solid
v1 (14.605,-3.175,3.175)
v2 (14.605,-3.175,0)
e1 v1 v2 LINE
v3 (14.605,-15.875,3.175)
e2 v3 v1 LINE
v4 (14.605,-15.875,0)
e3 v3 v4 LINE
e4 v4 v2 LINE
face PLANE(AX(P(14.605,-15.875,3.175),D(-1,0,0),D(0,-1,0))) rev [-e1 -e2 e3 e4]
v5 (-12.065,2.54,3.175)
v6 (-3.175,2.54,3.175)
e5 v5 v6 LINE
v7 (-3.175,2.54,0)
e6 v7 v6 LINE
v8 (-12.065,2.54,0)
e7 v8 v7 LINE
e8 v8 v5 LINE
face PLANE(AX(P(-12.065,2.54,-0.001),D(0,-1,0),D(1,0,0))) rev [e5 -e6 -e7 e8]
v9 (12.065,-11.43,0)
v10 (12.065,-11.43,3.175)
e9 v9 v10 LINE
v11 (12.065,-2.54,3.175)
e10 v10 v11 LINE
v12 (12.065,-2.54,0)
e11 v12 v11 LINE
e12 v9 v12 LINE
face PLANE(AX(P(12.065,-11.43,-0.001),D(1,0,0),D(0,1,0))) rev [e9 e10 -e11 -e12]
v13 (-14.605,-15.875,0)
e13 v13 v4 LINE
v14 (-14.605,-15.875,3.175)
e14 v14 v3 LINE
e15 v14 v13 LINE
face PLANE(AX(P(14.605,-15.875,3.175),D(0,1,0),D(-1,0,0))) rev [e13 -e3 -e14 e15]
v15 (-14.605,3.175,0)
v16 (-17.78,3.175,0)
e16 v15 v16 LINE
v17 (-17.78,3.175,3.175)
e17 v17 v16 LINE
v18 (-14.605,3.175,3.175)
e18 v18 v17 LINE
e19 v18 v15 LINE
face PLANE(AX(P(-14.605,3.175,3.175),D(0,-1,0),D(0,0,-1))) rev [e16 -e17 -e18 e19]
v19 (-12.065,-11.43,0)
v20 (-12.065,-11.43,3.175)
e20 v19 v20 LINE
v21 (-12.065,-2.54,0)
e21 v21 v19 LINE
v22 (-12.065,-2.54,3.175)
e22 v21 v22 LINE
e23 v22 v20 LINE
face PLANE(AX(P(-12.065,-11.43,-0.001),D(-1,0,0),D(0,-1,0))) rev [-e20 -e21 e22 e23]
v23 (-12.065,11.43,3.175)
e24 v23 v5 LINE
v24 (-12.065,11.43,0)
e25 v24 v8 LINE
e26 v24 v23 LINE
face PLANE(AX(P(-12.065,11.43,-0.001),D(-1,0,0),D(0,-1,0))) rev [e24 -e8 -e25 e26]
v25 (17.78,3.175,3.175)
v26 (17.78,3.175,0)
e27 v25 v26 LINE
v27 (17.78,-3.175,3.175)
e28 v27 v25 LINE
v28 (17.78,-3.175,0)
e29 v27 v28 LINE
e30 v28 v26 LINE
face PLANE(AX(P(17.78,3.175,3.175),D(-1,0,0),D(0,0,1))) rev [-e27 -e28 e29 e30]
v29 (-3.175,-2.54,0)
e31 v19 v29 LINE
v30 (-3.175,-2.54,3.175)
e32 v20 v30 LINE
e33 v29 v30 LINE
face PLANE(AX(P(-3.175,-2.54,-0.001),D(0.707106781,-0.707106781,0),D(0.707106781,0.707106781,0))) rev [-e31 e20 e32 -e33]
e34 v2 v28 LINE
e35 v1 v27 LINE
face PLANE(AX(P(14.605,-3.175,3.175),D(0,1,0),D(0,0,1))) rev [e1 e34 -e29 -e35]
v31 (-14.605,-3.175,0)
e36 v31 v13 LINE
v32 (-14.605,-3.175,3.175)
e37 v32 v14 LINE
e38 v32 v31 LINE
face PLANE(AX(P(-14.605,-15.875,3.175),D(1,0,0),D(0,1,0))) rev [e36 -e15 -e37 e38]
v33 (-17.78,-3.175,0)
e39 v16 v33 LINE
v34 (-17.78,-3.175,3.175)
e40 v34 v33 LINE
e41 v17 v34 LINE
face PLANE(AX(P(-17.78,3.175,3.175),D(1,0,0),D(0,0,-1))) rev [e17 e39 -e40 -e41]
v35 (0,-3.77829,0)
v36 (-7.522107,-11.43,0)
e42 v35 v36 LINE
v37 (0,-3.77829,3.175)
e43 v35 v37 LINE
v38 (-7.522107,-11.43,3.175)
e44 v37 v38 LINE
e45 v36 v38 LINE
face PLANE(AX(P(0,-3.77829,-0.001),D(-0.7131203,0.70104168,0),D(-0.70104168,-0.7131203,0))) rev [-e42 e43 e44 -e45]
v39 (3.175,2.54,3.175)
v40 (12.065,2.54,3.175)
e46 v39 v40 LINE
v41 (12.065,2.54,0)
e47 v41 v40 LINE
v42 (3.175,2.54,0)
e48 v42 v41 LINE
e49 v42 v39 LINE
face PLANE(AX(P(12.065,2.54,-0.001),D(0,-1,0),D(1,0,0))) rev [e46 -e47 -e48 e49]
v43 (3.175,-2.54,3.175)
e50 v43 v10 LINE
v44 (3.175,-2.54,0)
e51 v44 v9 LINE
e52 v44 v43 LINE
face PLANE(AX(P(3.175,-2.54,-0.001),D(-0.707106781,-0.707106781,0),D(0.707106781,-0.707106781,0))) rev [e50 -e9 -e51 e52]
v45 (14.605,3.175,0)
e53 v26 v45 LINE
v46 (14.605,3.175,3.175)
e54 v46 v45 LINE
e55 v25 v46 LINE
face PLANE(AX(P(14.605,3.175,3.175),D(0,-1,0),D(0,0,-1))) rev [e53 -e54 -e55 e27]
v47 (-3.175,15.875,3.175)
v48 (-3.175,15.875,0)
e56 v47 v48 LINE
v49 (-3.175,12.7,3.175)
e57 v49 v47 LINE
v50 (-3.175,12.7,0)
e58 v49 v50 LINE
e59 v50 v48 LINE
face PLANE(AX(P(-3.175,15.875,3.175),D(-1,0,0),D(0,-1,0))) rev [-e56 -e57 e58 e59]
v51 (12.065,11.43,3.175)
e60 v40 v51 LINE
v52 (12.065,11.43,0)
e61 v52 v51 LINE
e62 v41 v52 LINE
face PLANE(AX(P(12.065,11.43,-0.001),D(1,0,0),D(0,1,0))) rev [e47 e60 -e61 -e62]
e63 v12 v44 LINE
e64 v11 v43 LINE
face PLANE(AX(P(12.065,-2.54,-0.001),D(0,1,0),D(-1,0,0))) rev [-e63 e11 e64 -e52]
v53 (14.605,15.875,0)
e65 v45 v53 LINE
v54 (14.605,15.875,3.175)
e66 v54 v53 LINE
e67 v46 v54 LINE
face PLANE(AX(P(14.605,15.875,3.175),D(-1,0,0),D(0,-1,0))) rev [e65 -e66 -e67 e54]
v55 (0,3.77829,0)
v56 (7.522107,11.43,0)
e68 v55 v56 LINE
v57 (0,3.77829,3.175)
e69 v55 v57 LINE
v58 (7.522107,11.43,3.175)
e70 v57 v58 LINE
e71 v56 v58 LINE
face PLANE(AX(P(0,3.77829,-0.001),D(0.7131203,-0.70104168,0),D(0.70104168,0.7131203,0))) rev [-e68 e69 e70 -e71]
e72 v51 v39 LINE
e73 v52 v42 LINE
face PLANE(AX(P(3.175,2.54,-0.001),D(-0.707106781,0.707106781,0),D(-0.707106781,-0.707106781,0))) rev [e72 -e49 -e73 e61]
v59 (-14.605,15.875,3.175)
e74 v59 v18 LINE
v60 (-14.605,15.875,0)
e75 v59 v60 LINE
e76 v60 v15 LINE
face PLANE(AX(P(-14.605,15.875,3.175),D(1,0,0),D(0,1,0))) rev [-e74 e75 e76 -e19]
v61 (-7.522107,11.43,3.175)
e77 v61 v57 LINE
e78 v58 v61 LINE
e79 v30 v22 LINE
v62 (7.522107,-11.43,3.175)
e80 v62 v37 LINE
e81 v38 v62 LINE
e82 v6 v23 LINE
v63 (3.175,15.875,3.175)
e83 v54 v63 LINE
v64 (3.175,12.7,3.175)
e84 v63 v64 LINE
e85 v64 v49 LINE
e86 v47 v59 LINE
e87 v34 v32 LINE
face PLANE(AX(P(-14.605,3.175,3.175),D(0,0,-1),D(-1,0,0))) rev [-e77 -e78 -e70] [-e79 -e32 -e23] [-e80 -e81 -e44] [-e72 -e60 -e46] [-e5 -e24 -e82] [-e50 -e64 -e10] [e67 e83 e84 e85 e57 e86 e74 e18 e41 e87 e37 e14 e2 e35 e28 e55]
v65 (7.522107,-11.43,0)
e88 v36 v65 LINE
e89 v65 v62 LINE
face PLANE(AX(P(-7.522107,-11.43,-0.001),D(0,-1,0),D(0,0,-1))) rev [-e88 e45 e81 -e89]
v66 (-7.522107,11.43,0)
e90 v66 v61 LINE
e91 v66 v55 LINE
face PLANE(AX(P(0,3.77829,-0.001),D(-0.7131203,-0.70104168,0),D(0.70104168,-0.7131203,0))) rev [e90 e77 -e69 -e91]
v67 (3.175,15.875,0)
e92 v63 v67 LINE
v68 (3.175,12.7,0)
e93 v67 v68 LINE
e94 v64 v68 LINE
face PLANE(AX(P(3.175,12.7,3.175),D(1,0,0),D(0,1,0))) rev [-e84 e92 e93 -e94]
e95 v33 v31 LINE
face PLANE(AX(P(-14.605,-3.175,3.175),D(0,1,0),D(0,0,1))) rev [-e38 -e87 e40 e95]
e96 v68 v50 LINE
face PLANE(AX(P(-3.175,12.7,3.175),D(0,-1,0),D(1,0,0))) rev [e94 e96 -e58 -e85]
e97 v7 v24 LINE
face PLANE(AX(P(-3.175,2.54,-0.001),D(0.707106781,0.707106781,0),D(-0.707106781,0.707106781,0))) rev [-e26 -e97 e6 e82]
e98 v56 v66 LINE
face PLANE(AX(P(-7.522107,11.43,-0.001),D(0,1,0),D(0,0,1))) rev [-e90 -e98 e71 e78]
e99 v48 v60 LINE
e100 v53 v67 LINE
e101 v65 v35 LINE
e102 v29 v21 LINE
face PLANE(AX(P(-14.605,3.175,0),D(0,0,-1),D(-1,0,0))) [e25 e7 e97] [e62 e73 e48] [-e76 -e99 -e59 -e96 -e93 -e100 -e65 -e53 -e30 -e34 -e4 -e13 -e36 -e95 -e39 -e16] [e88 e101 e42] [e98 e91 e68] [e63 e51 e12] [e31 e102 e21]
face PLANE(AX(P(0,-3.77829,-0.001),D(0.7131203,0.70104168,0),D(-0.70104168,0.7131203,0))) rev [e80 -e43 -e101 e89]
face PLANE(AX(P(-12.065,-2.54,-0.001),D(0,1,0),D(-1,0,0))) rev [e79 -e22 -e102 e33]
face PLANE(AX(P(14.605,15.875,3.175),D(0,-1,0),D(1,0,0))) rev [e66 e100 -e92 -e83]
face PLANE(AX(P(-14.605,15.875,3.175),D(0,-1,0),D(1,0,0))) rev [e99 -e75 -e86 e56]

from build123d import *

# Parameters (mm, degrees)
EXTRUDE1_DEPTH     = 3.175
CUT_EXTRUDE1_REACH = 5.175


with BuildPart() as part:
    # Sketch1 → Extrude1 (new body)
    with BuildSketch(Plane.XY):
        Polygon((-14.605, 15.875), (-3.175, 15.875), (-3.175, 12.7), (3.175, 12.7), (3.175, 15.875), (14.605, 15.875), (14.605, 3.175), (17.78, 3.175), (17.78, -3.175), (14.605, -3.175), (14.605, -15.875), (3.175, -15.875), (-3.175, -15.875), (-14.605, -15.875), (-14.605, -3.175), (-17.78, -3.175), (-17.78, 3.175), (-14.605, 3.175), align=None)
    extrude(amount=EXTRUDE1_DEPTH)

    # Sketch2 → Cut-Extrude1 (cut, up to next)
    with BuildSketch(Plane.XY.offset(3.175), mode=Mode.PRIVATE) as cut_extrude1_sk1:
        Polygon((3.175, 2.54), (12.065, 11.43), (12.065, 2.54), align=None)
    cut_extrude1_tool1 = extrude(cut_extrude1_sk1.sketch, amount=-CUT_EXTRUDE1_REACH, mode=Mode.PRIVATE) & part.part
    add(cut_extrude1_tool1.solids().sort_by_distance((9.101667, 5.503333, 3.175))[0], mode=Mode.SUBTRACT)
    # Sketch2 → Cut-Extrude1 (cut, up to next)
    with BuildSketch(Plane.XY.offset(3.175), mode=Mode.PRIVATE) as cut_extrude1_sk2:
        Polygon((-12.065, 2.54), (-3.175, 2.54), (-12.065, 11.43), align=None)
    cut_extrude1_tool2 = extrude(cut_extrude1_sk2.sketch, amount=-CUT_EXTRUDE1_REACH, mode=Mode.PRIVATE) & part.part
    add(cut_extrude1_tool2.solids().sort_by_distance((-9.101667, 5.503333, 3.175))[0], mode=Mode.SUBTRACT)
    # Sketch2 → Cut-Extrude1 (cut, up to next)
    with BuildSketch(Plane.XY.offset(3.175), mode=Mode.PRIVATE) as cut_extrude1_sk3:
        Polygon((-3.175, -2.54), (-12.065, -11.43), (-12.065, -2.54), align=None)
    cut_extrude1_tool3 = extrude(cut_extrude1_sk3.sketch, amount=-CUT_EXTRUDE1_REACH, mode=Mode.PRIVATE) & part.part
    add(cut_extrude1_tool3.solids().sort_by_distance((-9.101667, -5.503333, 3.175))[0], mode=Mode.SUBTRACT)
    # Sketch2 → Cut-Extrude1 (cut, up to next)
    with BuildSketch(Plane.XY.offset(3.175), mode=Mode.PRIVATE) as cut_extrude1_sk4:
        Polygon((12.065, -2.54), (3.175, -2.54), (12.065, -11.43), align=None)
    cut_extrude1_tool4 = extrude(cut_extrude1_sk4.sketch, amount=-CUT_EXTRUDE1_REACH, mode=Mode.PRIVATE) & part.part
    add(cut_extrude1_tool4.solids().sort_by_distance((9.101667, -5.503333, 3.175))[0], mode=Mode.SUBTRACT)
    # Sketch2 → Cut-Extrude1 (cut, up to next)
    with BuildSketch(Plane.XY.offset(3.175), mode=Mode.PRIVATE) as cut_extrude1_sk5:
        Polygon((-7.522107489, 11.43), (7.522107489, 11.43), (0, 3.778290122), align=None)
    cut_extrude1_tool5 = extrude(cut_extrude1_sk5.sketch, amount=-CUT_EXTRUDE1_REACH, mode=Mode.PRIVATE) & part.part
    add(cut_extrude1_tool5.solids().sort_by_distance((0, 8.87943, 3.175))[0], mode=Mode.SUBTRACT)
    # Sketch2 → Cut-Extrude1 (cut, up to next)
    with BuildSketch(Plane.XY.offset(3.175), mode=Mode.PRIVATE) as cut_extrude1_sk6:
        Polygon((0, -3.778290122), (7.522107489, -11.43), (-7.522107489, -11.43), align=None)
    cut_extrude1_tool6 = extrude(cut_extrude1_sk6.sketch, amount=-CUT_EXTRUDE1_REACH, mode=Mode.PRIVATE) & part.part
    add(cut_extrude1_tool6.solids().sort_by_distance((0, -8.87943, 3.175))[0], mode=Mode.SUBTRACT)


solid = part.part
